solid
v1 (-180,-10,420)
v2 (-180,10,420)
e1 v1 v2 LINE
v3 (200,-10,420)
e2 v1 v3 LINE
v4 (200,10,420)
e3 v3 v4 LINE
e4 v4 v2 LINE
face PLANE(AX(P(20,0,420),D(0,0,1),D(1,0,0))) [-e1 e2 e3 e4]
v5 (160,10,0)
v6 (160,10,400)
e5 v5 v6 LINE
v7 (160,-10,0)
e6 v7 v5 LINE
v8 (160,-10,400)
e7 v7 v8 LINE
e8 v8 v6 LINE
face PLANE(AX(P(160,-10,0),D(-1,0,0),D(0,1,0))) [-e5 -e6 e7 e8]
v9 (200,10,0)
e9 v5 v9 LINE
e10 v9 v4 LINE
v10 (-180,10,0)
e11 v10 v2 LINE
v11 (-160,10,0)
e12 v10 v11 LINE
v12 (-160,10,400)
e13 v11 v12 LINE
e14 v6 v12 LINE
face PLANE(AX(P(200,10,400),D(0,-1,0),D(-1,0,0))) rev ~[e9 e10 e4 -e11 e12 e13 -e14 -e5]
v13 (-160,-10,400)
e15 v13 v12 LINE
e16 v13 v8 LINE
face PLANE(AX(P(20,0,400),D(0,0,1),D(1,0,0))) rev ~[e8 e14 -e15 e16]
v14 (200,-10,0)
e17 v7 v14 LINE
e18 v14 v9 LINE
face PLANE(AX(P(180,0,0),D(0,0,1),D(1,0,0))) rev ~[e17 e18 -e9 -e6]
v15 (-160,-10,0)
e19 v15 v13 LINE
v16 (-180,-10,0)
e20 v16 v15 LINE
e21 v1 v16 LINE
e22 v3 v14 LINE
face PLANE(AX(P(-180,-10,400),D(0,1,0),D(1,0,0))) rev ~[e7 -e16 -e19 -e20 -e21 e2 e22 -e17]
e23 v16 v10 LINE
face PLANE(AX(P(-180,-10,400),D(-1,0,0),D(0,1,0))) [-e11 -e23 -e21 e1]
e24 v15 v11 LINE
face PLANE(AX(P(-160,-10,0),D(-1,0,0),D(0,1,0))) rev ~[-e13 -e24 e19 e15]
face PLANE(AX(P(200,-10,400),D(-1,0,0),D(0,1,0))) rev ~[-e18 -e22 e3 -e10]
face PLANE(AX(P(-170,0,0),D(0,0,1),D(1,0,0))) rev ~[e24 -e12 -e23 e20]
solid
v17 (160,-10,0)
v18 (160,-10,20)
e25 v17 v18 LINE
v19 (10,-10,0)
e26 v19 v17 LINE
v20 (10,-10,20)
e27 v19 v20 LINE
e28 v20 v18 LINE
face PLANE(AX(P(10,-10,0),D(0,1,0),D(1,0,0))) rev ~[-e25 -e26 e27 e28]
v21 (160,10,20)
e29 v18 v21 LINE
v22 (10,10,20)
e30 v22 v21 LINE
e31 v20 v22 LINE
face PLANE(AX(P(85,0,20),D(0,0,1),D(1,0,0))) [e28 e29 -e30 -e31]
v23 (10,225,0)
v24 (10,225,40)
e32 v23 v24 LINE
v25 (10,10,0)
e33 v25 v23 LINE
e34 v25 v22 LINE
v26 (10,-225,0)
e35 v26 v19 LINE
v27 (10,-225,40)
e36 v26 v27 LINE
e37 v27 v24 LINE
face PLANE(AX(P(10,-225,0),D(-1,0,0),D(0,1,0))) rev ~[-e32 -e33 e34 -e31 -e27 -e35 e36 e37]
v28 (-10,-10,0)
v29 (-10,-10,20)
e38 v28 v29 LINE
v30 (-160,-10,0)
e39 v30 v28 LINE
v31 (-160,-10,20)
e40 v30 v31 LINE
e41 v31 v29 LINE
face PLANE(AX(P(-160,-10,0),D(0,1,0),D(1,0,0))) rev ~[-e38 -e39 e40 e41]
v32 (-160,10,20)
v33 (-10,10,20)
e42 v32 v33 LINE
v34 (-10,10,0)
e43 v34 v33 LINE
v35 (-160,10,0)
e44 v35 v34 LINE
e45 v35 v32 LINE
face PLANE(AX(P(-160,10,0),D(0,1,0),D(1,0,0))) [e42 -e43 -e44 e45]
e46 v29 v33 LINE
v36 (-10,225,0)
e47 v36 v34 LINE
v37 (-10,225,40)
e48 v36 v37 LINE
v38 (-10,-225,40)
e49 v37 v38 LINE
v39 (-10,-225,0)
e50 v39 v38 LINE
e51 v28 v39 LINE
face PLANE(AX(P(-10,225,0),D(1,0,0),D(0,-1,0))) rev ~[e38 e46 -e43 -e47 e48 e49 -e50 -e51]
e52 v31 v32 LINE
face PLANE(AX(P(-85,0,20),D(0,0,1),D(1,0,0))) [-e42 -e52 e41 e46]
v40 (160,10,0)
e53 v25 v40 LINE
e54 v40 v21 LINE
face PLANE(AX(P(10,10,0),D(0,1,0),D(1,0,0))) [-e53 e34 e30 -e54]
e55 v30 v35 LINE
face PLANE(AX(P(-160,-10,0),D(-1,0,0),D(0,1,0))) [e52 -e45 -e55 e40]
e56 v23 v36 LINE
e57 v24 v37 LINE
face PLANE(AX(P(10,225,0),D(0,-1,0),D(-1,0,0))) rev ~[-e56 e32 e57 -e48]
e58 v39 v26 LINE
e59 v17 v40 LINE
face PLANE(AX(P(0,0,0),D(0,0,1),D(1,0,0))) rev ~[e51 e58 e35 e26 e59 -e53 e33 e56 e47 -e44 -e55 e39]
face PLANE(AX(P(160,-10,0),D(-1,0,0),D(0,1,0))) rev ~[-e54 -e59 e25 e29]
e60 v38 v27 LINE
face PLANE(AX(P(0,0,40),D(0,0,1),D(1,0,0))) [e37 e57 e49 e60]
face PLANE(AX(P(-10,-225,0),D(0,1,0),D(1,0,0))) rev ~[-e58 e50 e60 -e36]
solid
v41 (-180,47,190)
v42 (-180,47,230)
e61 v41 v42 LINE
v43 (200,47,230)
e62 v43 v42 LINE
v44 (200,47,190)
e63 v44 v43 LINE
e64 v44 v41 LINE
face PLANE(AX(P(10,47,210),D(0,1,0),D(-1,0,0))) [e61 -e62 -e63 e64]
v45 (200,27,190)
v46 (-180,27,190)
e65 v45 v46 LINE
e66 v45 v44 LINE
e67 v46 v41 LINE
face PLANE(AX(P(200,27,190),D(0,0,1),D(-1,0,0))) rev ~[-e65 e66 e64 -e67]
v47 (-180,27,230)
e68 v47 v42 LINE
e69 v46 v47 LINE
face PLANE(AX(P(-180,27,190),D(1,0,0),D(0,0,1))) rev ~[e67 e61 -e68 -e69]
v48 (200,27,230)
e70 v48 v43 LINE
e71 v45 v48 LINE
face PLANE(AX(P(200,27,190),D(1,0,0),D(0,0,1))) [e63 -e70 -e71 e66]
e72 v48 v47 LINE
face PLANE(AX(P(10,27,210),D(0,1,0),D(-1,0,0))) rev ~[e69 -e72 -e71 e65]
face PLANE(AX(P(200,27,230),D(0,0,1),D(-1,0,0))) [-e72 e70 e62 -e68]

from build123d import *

# Parameters (mm, degrees)
F1_DEPTH = 40
F0_W     = 150
F0_H     = 20
F2_DEPTH = 20
F0_W_2   = 20
F3_DEPTH = 400
F0_W_3   = 40
F4_W     = 360
F4_H     = 20
F4_W_2   = 20
F5_DEPTH = 20
F7_W     = 380
F7_H     = 40
F8_DEPTH = 20


with BuildPart() as f1:
    # F0 (on Top) → F1 (new body)
    with BuildSketch(Plane.XY):
        Polygon((-10, -225), (10, -225), (10, -10), (10, 10), (10, 225), (-10, 225), (-10, 10), (-10, -10), align=None)
    extrude(amount=F1_DEPTH)

    # F0 (on Top) → F2 (join)
    with BuildSketch(Plane.XY):
        with Locations((-85, 0)):
            Rectangle(F0_W, F0_H)
        with Locations((85, 0)):
            Rectangle(F0_W, F0_H)
    extrude(amount=F2_DEPTH)


with BuildPart() as f3:
    # F0 (on Top) → F3 (new body)
    with BuildSketch(Plane.XY):
        with Locations((-170, 0)):
            Rectangle(F0_W_2, F0_H)
    extrude(amount=F3_DEPTH)



with BuildPart() as f3b:
    # F0 (on Top) → F3, piece 2 (new body)
    with BuildSketch(Plane.XY):
        with Locations((180, 0)):
            Rectangle(F0_W_3, F0_H)
    extrude(amount=F3_DEPTH)


with BuildPart() as f3_1:
    add(f3.part)

    add(f3b.part)  # F5 merges F3b
    # F4 (on face) → F5 (join)
    with BuildSketch(Plane.XY.offset(400)):
        with Locations((20, 0)):
            Rectangle(F4_W, F4_H)
        with Locations((-170, 0)):
            Rectangle(F4_W_2, F4_H)
    extrude(amount=F5_DEPTH)


with BuildPart() as f8:
    # F7 (on offset) → F8 (new body)
    with BuildSketch(Plane(origin=(0, 27, 0), x_dir=(-1, 0, 0), z_dir=(0, 1, 0))):
        with Locations((-10, 210)):
            Rectangle(F7_W, F7_H)
    extrude(amount=F8_DEPTH)


solid = Compound([f1.part, f3_1.part, f8.part])
